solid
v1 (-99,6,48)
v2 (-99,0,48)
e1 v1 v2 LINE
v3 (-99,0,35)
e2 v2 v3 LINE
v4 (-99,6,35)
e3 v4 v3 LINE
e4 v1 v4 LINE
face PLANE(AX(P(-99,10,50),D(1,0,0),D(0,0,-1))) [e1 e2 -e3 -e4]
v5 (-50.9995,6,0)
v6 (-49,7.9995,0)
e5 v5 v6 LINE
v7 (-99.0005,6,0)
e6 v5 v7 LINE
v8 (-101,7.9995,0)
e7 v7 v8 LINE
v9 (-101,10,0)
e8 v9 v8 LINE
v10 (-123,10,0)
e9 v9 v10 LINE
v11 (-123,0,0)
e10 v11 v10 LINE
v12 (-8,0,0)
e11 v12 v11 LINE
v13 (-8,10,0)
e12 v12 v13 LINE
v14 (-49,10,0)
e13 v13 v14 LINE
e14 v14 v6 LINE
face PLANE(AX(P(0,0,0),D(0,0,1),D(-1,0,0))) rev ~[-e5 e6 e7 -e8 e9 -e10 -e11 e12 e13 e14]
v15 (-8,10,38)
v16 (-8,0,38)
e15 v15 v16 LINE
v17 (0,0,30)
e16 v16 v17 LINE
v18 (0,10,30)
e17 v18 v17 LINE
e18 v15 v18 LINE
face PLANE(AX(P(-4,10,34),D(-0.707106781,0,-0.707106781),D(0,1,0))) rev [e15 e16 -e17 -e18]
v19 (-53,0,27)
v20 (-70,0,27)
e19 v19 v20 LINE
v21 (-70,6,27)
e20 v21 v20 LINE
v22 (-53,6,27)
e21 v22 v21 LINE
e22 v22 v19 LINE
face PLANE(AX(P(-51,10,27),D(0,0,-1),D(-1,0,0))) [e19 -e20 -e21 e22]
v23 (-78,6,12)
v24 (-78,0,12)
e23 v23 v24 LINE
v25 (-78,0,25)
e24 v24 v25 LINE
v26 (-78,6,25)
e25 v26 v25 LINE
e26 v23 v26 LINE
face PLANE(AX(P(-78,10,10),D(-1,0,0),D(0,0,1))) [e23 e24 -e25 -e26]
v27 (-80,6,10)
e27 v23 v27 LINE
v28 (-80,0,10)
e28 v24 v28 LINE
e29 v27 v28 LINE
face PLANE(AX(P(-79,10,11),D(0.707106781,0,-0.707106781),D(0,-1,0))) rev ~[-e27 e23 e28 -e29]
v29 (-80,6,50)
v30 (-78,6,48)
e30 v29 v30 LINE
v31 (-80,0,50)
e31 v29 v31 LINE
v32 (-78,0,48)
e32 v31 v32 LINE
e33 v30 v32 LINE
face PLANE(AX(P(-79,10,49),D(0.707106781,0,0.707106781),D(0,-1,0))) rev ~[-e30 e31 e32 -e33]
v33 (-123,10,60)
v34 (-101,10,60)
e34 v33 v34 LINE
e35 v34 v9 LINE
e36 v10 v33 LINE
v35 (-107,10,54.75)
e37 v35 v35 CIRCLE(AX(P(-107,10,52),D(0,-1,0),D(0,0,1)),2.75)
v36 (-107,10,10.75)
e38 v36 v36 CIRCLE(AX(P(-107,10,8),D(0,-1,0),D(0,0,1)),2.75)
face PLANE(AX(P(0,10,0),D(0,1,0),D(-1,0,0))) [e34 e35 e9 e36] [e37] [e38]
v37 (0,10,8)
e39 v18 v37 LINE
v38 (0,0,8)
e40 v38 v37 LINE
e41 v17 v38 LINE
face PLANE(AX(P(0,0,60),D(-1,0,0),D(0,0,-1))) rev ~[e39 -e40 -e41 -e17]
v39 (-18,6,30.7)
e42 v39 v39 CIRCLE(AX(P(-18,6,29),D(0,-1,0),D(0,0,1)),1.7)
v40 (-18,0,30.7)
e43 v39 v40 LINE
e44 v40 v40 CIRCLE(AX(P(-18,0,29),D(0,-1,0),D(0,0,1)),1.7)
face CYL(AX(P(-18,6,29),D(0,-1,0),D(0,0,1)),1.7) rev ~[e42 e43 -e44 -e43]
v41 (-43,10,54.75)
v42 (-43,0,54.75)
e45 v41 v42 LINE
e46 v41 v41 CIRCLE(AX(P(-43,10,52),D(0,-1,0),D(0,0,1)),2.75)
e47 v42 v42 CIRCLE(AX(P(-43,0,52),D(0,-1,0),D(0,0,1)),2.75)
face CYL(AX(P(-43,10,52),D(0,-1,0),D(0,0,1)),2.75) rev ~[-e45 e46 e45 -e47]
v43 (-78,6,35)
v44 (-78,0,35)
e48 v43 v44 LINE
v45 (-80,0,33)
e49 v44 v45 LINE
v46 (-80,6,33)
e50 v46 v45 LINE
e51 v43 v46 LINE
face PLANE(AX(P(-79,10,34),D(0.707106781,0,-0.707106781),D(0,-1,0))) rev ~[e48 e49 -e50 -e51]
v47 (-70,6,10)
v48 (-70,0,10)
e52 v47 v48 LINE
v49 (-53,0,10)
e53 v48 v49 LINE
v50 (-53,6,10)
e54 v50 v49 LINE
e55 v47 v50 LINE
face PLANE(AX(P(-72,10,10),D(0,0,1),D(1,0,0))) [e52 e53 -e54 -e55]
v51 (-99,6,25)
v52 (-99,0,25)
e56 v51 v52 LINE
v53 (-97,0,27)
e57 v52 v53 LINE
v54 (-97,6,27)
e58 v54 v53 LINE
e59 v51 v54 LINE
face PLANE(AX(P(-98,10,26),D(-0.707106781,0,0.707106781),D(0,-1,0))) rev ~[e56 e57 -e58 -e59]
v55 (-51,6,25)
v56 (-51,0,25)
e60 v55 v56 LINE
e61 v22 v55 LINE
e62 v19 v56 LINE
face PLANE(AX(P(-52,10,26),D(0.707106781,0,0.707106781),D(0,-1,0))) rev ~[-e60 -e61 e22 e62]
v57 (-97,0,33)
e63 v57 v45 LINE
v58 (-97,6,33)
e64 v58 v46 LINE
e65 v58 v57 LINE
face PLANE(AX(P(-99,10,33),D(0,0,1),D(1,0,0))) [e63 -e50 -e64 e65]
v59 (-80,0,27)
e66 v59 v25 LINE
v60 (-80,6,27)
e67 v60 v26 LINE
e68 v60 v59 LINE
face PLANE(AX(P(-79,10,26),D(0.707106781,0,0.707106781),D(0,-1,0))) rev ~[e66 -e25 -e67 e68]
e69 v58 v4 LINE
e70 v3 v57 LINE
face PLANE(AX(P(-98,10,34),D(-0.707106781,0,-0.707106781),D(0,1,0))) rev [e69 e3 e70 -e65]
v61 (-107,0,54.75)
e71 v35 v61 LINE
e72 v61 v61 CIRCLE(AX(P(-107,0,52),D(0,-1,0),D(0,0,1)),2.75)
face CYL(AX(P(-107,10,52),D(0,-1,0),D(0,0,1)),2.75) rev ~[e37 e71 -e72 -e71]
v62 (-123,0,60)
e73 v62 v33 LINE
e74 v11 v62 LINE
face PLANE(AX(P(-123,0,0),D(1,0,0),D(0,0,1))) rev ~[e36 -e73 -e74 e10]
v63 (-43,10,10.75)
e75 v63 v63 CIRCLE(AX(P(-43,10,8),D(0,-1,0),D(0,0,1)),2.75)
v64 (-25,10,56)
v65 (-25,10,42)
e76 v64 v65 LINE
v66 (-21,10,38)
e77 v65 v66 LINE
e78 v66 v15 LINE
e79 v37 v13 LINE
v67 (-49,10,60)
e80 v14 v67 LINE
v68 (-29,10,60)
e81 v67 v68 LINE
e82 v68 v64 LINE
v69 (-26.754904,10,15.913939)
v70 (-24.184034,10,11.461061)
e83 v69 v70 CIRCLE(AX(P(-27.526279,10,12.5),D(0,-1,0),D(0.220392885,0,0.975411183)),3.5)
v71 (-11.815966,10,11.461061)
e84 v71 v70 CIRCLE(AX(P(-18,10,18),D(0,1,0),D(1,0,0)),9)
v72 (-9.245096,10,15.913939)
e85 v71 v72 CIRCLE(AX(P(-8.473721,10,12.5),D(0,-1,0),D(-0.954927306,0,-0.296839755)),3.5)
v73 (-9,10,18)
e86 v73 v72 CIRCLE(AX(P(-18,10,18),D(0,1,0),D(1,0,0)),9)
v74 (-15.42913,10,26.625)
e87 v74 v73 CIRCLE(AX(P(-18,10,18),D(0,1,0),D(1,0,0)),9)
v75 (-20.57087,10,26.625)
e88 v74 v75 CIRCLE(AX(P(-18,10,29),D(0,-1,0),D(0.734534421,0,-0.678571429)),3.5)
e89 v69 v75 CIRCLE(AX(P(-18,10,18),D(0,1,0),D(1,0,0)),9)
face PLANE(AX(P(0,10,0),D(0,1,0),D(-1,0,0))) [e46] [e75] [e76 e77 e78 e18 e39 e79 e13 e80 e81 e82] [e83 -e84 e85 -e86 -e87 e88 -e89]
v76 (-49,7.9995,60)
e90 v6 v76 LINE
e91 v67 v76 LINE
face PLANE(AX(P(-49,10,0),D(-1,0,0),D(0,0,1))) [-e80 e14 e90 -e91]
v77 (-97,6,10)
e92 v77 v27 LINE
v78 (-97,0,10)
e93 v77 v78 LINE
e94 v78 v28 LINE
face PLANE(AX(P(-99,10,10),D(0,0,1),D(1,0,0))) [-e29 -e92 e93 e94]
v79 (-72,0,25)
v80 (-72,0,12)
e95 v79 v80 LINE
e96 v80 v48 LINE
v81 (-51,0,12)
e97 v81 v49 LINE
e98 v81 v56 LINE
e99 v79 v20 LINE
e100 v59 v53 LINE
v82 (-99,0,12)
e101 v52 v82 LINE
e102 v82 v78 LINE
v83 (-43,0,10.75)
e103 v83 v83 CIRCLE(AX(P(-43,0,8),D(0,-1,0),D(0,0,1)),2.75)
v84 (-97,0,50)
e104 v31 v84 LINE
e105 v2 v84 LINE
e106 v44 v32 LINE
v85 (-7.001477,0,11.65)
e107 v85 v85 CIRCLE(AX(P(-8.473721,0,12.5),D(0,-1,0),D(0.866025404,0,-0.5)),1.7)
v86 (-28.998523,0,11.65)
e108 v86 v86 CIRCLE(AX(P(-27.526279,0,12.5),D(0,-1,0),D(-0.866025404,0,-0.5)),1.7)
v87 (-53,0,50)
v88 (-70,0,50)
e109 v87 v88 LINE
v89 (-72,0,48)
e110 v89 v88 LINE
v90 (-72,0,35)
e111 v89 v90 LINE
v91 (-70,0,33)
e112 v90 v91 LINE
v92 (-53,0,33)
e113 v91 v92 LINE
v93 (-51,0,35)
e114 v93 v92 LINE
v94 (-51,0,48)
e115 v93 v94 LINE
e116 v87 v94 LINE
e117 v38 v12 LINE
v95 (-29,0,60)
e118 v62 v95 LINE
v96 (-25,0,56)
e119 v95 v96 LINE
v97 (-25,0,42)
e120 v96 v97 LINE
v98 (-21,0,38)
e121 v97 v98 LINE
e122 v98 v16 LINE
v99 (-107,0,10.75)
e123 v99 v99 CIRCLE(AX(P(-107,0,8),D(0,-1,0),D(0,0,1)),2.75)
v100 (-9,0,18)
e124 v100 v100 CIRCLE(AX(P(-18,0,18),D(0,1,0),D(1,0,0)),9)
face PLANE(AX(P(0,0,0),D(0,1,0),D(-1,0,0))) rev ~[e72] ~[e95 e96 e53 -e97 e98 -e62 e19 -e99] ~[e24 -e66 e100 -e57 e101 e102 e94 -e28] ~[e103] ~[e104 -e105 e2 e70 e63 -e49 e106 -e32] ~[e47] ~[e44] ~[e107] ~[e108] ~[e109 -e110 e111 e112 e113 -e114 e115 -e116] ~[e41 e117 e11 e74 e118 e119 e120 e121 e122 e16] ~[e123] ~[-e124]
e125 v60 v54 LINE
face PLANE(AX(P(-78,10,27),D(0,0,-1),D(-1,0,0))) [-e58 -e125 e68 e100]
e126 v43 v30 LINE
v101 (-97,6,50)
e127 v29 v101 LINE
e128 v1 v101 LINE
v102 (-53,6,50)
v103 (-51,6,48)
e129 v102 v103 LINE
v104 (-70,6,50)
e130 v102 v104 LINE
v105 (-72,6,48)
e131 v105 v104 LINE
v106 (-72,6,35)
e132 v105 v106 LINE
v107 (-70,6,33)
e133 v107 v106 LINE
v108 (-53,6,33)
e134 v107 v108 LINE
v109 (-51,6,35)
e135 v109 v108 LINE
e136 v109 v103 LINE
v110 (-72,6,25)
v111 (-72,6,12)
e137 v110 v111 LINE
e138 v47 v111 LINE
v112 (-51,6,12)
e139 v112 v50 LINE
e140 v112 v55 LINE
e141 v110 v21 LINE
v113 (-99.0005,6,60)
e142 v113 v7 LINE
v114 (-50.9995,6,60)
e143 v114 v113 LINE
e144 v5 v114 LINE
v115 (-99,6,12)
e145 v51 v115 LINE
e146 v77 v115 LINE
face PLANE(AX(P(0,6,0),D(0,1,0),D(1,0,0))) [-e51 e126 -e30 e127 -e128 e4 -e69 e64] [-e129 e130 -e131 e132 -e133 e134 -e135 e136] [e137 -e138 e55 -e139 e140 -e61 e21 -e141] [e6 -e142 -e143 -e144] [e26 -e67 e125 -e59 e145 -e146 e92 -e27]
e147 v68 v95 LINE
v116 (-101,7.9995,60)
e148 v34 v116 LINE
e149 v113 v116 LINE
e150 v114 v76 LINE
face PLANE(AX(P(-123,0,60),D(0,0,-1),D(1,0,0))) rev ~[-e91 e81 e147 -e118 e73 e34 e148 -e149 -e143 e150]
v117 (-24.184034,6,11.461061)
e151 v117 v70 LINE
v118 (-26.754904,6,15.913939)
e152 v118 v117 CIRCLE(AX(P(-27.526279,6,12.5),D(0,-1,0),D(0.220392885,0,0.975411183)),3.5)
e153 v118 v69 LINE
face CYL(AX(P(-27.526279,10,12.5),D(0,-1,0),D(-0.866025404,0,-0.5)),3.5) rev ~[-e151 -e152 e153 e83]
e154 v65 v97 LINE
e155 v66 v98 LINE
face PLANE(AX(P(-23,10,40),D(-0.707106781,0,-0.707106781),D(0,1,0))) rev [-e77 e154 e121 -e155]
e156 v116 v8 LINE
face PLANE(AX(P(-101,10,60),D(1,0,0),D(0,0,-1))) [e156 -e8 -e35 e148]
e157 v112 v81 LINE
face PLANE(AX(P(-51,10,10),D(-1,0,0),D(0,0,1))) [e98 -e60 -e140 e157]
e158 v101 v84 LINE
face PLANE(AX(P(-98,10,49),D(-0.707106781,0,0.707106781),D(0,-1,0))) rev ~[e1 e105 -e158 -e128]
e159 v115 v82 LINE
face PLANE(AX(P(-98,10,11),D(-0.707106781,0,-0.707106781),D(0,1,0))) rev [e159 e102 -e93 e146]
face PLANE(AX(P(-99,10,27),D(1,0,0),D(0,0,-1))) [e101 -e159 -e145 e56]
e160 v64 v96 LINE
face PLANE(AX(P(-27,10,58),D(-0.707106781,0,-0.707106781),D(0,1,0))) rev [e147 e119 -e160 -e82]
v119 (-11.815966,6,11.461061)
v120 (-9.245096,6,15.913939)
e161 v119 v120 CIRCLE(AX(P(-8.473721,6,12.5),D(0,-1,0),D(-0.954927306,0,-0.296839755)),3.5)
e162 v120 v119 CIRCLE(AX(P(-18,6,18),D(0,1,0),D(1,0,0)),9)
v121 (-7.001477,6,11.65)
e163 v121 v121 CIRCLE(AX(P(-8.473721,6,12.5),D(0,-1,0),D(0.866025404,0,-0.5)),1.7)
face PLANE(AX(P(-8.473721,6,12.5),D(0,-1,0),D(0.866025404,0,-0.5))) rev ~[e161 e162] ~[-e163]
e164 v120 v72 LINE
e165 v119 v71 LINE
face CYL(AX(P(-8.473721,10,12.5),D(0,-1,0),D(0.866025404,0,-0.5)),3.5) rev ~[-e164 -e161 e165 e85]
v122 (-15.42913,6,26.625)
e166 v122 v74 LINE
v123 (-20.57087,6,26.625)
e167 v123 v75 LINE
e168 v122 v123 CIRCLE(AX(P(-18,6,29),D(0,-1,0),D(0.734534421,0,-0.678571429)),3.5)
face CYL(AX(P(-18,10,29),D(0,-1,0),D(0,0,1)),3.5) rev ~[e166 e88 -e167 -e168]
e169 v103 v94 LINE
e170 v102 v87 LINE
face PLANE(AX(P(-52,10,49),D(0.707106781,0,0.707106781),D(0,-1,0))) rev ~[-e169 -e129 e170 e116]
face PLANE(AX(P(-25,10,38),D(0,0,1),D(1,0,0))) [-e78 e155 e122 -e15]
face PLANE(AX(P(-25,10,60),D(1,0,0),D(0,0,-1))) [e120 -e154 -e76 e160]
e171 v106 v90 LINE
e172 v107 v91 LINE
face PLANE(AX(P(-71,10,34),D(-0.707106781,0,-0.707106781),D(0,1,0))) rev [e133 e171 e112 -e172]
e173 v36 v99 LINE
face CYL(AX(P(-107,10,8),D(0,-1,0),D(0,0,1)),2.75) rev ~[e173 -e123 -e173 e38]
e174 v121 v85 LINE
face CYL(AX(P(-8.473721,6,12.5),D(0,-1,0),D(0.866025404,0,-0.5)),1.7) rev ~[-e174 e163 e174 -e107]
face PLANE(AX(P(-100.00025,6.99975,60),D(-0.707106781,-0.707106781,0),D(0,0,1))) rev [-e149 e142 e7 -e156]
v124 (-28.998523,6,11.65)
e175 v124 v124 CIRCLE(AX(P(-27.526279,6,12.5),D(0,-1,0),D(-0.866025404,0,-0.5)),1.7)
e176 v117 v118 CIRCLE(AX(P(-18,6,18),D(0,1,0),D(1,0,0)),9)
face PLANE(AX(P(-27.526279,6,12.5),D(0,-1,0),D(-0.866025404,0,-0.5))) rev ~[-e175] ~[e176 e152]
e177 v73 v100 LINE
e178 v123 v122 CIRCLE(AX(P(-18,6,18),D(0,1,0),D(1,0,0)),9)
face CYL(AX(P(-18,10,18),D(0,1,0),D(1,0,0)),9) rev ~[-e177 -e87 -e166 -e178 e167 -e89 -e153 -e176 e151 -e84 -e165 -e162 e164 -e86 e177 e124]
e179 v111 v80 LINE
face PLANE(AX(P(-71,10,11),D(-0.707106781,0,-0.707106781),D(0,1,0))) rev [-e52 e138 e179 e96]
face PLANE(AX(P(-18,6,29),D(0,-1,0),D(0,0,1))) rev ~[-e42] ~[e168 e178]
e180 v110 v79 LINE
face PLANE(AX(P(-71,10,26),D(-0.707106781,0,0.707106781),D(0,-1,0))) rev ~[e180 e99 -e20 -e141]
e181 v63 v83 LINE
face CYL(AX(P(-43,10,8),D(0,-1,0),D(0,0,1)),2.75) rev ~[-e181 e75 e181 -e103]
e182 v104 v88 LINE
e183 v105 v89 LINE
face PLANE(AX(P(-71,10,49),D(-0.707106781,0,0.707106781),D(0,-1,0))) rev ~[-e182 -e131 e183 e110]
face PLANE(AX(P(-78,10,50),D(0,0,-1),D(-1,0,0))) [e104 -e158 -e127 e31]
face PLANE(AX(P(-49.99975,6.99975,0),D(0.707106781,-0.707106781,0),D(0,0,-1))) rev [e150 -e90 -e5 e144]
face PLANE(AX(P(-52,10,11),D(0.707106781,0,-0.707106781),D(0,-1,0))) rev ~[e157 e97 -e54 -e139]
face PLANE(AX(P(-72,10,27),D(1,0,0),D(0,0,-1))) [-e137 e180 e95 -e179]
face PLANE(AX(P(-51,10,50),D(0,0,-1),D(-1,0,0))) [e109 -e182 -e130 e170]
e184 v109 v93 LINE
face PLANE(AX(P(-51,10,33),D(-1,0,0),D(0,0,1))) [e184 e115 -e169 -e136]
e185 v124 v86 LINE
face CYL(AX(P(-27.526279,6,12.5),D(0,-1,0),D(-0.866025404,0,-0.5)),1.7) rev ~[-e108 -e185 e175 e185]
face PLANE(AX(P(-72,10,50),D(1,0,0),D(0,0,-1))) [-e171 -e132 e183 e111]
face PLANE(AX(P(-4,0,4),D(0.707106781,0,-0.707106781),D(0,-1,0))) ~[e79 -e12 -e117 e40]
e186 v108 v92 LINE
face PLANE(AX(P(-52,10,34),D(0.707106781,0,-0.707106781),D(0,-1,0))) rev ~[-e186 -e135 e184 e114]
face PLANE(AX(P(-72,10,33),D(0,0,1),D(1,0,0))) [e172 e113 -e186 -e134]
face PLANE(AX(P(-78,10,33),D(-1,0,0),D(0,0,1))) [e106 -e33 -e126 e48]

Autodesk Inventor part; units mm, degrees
ref_plane "YZ Plane" through (0, 0, 0) normal (1, 0, 0) x (0, 1, 0)
ref_plane "XZ Plane" through (0, 0, 0) normal (0, 1, 0) x (-1, 0, 0)
ref_plane "XY Plane" through (0, 0, 0) normal (0, 0, 1) x (1, 0, 0)
sketch "Esquisse1" plane through (0, 0, 0) normal (0, 1, 0) x (-1, 0, 0)
  line L0 (0, 0) -> (123, 0)
  line L1 (123, 0) -> (123, 60)
  line L2 (123, 60) -> (0, 60)
  line L3 (0, 60) -> (0, 0)
  dimension "d1" = 123
  dimension "d2" = 60
extrude "Extrusion1" add sketch "Esquisse1" along normal blind 10
sketch "Esquisse2" plane through (0, 10, 0) normal (0, 1, 0) x (1, 0, 0)
  circle A0 centre (-18, -18) radius 9
  line L0 (0, 0) -> (-123, 0) projected
  line L1 (-123, 0) -> (-123, -60) projected
  line L2 (-123, -60) -> (0, -60) projected
  line L3 (0, -60) -> (0, 0) projected
  line L4 (-29, -9) -> (-7, -9) construction
  line L5 (-7, -9) -> (-7, -56) construction
  line L6 (-7, -56) -> (-29, -56) construction
  line L7 (-29, -56) -> (-29, -9) construction
  dimension "d5" = 18
  dimension "d7" = 18
  dimension "d9" = 18
  dimension "d27" = 22
  dimension "d28" = 11
  dimension "d29" = 9
  dimension "d30" = 47
  dimension "d31" = 7
  dimension "d44" = 9
extrude "Extrusion2" cut sketch "Esquisse2" against normal up to surface (10 mm away) contours A0
sketch "Esquisse4" plane through (0, 10, 0) normal (0, 1, 0) x (1, 0, 0)
  circle A0 centre (-18, -18) radius 9 projected
  line L0 (0, 0) -> (-123, 0) projected
  line L1 (-123, 0) -> (-123, -60) projected
  line L2 (-123, -60) -> (0, -60) projected
  line L3 (0, -60) -> (0, 0) projected
  point P0 (-18, -29)
  dimension "d16" = 11
hole "Perçage1" at (-18, 10, 29) direction (0, -1, 0) diameter 3.4 end through all counterbore diameter 7 counterbore depth 4 clearance for "Vis d'assemblage à tête hexagonale ISO 24017" size "M3" standard "ISO"
pattern_circular "Réseau circulaire1" count 3 over 360 about axis through (-18, 10, 18) along (0, -1, 0) of "Perçage1"
sketch "Esquisse5" plane through (0, 10, 0) normal (0, 1, 0) x (1, 0, 0)
  arc A0 (-9.2451, -15.9139) -> (-11.816, -11.4611) centre (-8.4737, -12.5) ccw projected
  arc A1 (-15.4291, -26.625) -> (-9.2451, -15.9139) centre (-18, -18) ccw projected
  arc A2 (-20.5709, -26.625) -> (-15.4291, -26.625) centre (-18, -29) ccw projected
  arc A3 (-26.7549, -15.9139) -> (-20.5709, -26.625) centre (-18, -18) ccw projected
  arc A4 (-24.184, -11.4611) -> (-26.7549, -15.9139) centre (-27.5263, -12.5) ccw projected
  arc A5 (-11.816, -11.4611) -> (-24.184, -11.4611) centre (-18, -18) ccw projected
  line L0 (0, 0) -> (-123, 0) projected
  line L1 (-123, 0) -> (-123, -60) projected
  line L2 (-123, -60) -> (0, -60) projected
  line L3 (0, -60) -> (0, 0) projected
  line L4 (-29, -18.7209) -> (-29, -39.8718) construction
  point P0 (-43, -8)
  point P1 (-43, -52)
  point P2 (-107, -8)
  point P3 (-107, -52)
  dimension "d32" = 11
  dimension "d33" = 14
  dimension "d34" = 8
  dimension "d35" = 8
  dimension "d36" = 16
hole "Perçage2" at (-43, 10, 8) at (-43, 10, 52) at (-107, 10, 8) at (-107, 10, 52) direction (0, -1, 0) diameter 5.5 end through all clearance for "Vis d'assemblage à tête hexagonale ISO 24017" size "M5" standard "ISO"
sketch "Esquisse6" plane through (0, 10, 0) normal (0, 1, 0) x (1, 0, 0)
  circle A0 centre (-107, -8) radius 2.75 projected
  circle A1 centre (-43, -8) radius 2.75 projected
  circle A2 centre (-43, -52) radius 2.75 projected
  circle A3 centre (-107, -52) radius 2.75 projected
  arc A4 (-9.2451, -15.9139) -> (-11.816, -11.4611) centre (-8.4737, -12.5) ccw projected
  arc A5 (-15.4291, -26.625) -> (-9.2451, -15.9139) centre (-18, -18) ccw projected
  arc A6 (-20.5709, -26.625) -> (-15.4291, -26.625) centre (-18, -29) ccw projected
  arc A7 (-26.7549, -15.9139) -> (-20.5709, -26.625) centre (-18, -18) ccw projected
  arc A8 (-24.184, -11.4611) -> (-26.7549, -15.9139) centre (-27.5263, -12.5) ccw projected
  arc A9 (-11.816, -11.4611) -> (-24.184, -11.4611) centre (-18, -18) ccw projected
  line L0 (0, 0) -> (-123, 0) projected
  line L1 (-123, 0) -> (-123, -60) projected
  line L2 (-123, -60) -> (0, -60) projected
  line L3 (0, -60) -> (0, 0) projected
  line L4 (-99, -10) -> (-78, -10)
  line L5 (-78, -10) -> (-78, -27)
  line L6 (-78, -27) -> (-99, -27)
  line L7 (-99, -27) -> (-99, -10)
  line L8 (-72, -10) -> (-51, -10)
  line L9 (-51, -10) -> (-51, -27)
  line L10 (-51, -27) -> (-72, -27)
  line L11 (-72, -27) -> (-72, -10)
  line L12 (-72, -33) -> (-51, -33)
  line L13 (-51, -33) -> (-51, -50)
  line L14 (-51, -50) -> (-72, -50)
  line L15 (-72, -50) -> (-72, -33)
  line L16 (-99, -33) -> (-78, -33)
  line L17 (-78, -33) -> (-78, -50)
  line L18 (-78, -50) -> (-99, -50)
  line L19 (-99, -50) -> (-99, -33)
  dimension "d47" = 10
  dimension "d48" = 10
  dimension "d49" = 8
  dimension "d50" = 6
  dimension "d51" = 6
  dimension "d52" = 8
extrude "Extrusion4" cut sketch "Esquisse6" against normal up to surface (10 mm away) contours L4 L5 L6 L7 | L8 L9 L10 L11 | L12 L13 L14 L15 | L16 L17 L18 L19
chamfer "Chanfrein1" distance 2 angle 45 16 edges at (-78, 5, 27) (-78, 5, 50) (-51, 5, 50) (-51, 5, 27) (-72, 5, 33) (-72, 5, 10) (-99, 5, 10) (-99, 5, 33) (-78, 5, 33) (-78, 5, 10) (-51, 5, 10) (-51, 5, 33) (-99, 5, 50) (-72, 5, 50) (-99, 5, 27) (-72, 5, 27)
sketch "Esquisse7" plane through (0, 10, 0) normal (0, 1, 0) x (1, 0, 0)
  line L0 (0, 0) -> (-123, 0) projected
  line L1 (-101, 0) -> (-49, 0)
  line L2 (-49, 0) -> (-49, -60)
  line L3 (-49, -60) -> (-101, -60)
  line L4 (-101, -60) -> (-101, 0)
  line L5 (-51, -35) -> (-51, -48) projected
  line L6 (-53, -50) -> (-51, -48) projected
  line L7 (-53, -50) -> (-70, -50) projected
  line L8 (-72, -48) -> (-70, -50) projected
  line L9 (-72, -48) -> (-72, -35) projected
  line L10 (-70, -33) -> (-72, -35) projected
  line L11 (-70, -33) -> (-53, -33) projected
  line L12 (-51, -35) -> (-53, -33) projected
  line L13 (-80, -50) -> (-97, -50) projected
  line L14 (-99, -48) -> (-97, -50) projected
  line L15 (-99, -48) -> (-99, -35) projected
  line L16 (-97, -33) -> (-99, -35) projected
  line L17 (-97, -33) -> (-80, -33) projected
  line L18 (-78, -35) -> (-80, -33) projected
  line L19 (-78, -35) -> (-78, -48) projected
  line L20 (-80, -50) -> (-78, -48) projected
  line L21 (-51, -12) -> (-51, -25) projected
  line L22 (-53, -27) -> (-51, -25) projected
  line L23 (-53, -27) -> (-70, -27) projected
  line L24 (-72, -25) -> (-70, -27) projected
  line L25 (-72, -25) -> (-72, -12) projected
  line L26 (-70, -10) -> (-72, -12) projected
  line L27 (-70, -10) -> (-53, -10) projected
  line L28 (-51, -12) -> (-53, -10) projected
  line L29 (-80, -27) -> (-97, -27) projected
  line L30 (-99, -25) -> (-97, -27) projected
  line L31 (-99, -25) -> (-99, -12) projected
  line L32 (-97, -10) -> (-99, -12) projected
  line L33 (-97, -10) -> (-80, -10) projected
  line L34 (-78, -12) -> (-80, -10) projected
  line L35 (-78, -12) -> (-78, -25) projected
  line L36 (-80, -27) -> (-78, -25) projected
  circle A0 centre (-107, -8) radius 2.75 projected
  circle A1 centre (-43, -8) radius 2.75 projected
  circle A2 centre (-43, -52) radius 2.75 projected
  circle A3 centre (-107, -52) radius 2.75 projected
  arc A4 (-9.2451, -15.9139) -> (-11.816, -11.4611) centre (-8.4737, -12.5) ccw projected
  arc A5 (-15.4291, -26.625) -> (-9.2451, -15.9139) centre (-18, -18) ccw projected
  arc A6 (-20.5709, -26.625) -> (-15.4291, -26.625) centre (-18, -29) ccw projected
  arc A7 (-26.7549, -15.9139) -> (-20.5709, -26.625) centre (-18, -18) ccw projected
  arc A8 (-24.184, -11.4611) -> (-26.7549, -15.9139) centre (-27.5263, -12.5) ccw projected
  arc A9 (-11.816, -11.4611) -> (-24.184, -11.4611) centre (-18, -18) ccw projected
  line L37 (0, -60) -> (0, 0) projected
  line L38 (0, 0) -> (-123, 0) projected
  line L39 (-123, 0) -> (-123, -60) projected
  line L40 (-123, -60) -> (0, -60) projected
  line L41 (-123, -60) -> (-25, -60) projected
  point P0 (-5, 0)
  dimension "d67" = 6
  dimension "d68" = 6
extrude "Extrusion5" cut sketch "Esquisse7" against normal blind 4 contours L2 L3 L4 L0
chamfer "Chanfrein5" distance 2 angle 45 2 edges at (-101, 6, 30) (-49, 6, 30)
sketch "Esquisse8" plane through (0, 10, 0) normal (0, 1, 0) x (1, 0, 0)
  line L0 (-123, -60) -> (0, -60) projected
  line L1 (0, -60) -> (-25, -60)
  line L2 (-25, -60) -> (-25, -38)
  line L3 (-25, -38) -> (0, -38)
  line L4 (0, -38) -> (0, -60)
  point P0 (0, 0)
  dimension "d74" = 25
  dimension "d75" = 22
extrude "Extrusion6" cut sketch "Esquisse8" against normal up to surface (10 mm away)
chamfer "Chanfrein6" distance 4 angle 45 2 edges at (-25, 5, 38) (-25, 5, 60)
chamfer "Chanfrein7" distance 8 angle 45 2 edges at (0, 5, 38) (0, 5, 0)
equation "\"d28\" = 0.5 * d27"
equation "\"d35\" = d34"
equation "\"d51\" = d50"
properties part number "attache_moteur"
